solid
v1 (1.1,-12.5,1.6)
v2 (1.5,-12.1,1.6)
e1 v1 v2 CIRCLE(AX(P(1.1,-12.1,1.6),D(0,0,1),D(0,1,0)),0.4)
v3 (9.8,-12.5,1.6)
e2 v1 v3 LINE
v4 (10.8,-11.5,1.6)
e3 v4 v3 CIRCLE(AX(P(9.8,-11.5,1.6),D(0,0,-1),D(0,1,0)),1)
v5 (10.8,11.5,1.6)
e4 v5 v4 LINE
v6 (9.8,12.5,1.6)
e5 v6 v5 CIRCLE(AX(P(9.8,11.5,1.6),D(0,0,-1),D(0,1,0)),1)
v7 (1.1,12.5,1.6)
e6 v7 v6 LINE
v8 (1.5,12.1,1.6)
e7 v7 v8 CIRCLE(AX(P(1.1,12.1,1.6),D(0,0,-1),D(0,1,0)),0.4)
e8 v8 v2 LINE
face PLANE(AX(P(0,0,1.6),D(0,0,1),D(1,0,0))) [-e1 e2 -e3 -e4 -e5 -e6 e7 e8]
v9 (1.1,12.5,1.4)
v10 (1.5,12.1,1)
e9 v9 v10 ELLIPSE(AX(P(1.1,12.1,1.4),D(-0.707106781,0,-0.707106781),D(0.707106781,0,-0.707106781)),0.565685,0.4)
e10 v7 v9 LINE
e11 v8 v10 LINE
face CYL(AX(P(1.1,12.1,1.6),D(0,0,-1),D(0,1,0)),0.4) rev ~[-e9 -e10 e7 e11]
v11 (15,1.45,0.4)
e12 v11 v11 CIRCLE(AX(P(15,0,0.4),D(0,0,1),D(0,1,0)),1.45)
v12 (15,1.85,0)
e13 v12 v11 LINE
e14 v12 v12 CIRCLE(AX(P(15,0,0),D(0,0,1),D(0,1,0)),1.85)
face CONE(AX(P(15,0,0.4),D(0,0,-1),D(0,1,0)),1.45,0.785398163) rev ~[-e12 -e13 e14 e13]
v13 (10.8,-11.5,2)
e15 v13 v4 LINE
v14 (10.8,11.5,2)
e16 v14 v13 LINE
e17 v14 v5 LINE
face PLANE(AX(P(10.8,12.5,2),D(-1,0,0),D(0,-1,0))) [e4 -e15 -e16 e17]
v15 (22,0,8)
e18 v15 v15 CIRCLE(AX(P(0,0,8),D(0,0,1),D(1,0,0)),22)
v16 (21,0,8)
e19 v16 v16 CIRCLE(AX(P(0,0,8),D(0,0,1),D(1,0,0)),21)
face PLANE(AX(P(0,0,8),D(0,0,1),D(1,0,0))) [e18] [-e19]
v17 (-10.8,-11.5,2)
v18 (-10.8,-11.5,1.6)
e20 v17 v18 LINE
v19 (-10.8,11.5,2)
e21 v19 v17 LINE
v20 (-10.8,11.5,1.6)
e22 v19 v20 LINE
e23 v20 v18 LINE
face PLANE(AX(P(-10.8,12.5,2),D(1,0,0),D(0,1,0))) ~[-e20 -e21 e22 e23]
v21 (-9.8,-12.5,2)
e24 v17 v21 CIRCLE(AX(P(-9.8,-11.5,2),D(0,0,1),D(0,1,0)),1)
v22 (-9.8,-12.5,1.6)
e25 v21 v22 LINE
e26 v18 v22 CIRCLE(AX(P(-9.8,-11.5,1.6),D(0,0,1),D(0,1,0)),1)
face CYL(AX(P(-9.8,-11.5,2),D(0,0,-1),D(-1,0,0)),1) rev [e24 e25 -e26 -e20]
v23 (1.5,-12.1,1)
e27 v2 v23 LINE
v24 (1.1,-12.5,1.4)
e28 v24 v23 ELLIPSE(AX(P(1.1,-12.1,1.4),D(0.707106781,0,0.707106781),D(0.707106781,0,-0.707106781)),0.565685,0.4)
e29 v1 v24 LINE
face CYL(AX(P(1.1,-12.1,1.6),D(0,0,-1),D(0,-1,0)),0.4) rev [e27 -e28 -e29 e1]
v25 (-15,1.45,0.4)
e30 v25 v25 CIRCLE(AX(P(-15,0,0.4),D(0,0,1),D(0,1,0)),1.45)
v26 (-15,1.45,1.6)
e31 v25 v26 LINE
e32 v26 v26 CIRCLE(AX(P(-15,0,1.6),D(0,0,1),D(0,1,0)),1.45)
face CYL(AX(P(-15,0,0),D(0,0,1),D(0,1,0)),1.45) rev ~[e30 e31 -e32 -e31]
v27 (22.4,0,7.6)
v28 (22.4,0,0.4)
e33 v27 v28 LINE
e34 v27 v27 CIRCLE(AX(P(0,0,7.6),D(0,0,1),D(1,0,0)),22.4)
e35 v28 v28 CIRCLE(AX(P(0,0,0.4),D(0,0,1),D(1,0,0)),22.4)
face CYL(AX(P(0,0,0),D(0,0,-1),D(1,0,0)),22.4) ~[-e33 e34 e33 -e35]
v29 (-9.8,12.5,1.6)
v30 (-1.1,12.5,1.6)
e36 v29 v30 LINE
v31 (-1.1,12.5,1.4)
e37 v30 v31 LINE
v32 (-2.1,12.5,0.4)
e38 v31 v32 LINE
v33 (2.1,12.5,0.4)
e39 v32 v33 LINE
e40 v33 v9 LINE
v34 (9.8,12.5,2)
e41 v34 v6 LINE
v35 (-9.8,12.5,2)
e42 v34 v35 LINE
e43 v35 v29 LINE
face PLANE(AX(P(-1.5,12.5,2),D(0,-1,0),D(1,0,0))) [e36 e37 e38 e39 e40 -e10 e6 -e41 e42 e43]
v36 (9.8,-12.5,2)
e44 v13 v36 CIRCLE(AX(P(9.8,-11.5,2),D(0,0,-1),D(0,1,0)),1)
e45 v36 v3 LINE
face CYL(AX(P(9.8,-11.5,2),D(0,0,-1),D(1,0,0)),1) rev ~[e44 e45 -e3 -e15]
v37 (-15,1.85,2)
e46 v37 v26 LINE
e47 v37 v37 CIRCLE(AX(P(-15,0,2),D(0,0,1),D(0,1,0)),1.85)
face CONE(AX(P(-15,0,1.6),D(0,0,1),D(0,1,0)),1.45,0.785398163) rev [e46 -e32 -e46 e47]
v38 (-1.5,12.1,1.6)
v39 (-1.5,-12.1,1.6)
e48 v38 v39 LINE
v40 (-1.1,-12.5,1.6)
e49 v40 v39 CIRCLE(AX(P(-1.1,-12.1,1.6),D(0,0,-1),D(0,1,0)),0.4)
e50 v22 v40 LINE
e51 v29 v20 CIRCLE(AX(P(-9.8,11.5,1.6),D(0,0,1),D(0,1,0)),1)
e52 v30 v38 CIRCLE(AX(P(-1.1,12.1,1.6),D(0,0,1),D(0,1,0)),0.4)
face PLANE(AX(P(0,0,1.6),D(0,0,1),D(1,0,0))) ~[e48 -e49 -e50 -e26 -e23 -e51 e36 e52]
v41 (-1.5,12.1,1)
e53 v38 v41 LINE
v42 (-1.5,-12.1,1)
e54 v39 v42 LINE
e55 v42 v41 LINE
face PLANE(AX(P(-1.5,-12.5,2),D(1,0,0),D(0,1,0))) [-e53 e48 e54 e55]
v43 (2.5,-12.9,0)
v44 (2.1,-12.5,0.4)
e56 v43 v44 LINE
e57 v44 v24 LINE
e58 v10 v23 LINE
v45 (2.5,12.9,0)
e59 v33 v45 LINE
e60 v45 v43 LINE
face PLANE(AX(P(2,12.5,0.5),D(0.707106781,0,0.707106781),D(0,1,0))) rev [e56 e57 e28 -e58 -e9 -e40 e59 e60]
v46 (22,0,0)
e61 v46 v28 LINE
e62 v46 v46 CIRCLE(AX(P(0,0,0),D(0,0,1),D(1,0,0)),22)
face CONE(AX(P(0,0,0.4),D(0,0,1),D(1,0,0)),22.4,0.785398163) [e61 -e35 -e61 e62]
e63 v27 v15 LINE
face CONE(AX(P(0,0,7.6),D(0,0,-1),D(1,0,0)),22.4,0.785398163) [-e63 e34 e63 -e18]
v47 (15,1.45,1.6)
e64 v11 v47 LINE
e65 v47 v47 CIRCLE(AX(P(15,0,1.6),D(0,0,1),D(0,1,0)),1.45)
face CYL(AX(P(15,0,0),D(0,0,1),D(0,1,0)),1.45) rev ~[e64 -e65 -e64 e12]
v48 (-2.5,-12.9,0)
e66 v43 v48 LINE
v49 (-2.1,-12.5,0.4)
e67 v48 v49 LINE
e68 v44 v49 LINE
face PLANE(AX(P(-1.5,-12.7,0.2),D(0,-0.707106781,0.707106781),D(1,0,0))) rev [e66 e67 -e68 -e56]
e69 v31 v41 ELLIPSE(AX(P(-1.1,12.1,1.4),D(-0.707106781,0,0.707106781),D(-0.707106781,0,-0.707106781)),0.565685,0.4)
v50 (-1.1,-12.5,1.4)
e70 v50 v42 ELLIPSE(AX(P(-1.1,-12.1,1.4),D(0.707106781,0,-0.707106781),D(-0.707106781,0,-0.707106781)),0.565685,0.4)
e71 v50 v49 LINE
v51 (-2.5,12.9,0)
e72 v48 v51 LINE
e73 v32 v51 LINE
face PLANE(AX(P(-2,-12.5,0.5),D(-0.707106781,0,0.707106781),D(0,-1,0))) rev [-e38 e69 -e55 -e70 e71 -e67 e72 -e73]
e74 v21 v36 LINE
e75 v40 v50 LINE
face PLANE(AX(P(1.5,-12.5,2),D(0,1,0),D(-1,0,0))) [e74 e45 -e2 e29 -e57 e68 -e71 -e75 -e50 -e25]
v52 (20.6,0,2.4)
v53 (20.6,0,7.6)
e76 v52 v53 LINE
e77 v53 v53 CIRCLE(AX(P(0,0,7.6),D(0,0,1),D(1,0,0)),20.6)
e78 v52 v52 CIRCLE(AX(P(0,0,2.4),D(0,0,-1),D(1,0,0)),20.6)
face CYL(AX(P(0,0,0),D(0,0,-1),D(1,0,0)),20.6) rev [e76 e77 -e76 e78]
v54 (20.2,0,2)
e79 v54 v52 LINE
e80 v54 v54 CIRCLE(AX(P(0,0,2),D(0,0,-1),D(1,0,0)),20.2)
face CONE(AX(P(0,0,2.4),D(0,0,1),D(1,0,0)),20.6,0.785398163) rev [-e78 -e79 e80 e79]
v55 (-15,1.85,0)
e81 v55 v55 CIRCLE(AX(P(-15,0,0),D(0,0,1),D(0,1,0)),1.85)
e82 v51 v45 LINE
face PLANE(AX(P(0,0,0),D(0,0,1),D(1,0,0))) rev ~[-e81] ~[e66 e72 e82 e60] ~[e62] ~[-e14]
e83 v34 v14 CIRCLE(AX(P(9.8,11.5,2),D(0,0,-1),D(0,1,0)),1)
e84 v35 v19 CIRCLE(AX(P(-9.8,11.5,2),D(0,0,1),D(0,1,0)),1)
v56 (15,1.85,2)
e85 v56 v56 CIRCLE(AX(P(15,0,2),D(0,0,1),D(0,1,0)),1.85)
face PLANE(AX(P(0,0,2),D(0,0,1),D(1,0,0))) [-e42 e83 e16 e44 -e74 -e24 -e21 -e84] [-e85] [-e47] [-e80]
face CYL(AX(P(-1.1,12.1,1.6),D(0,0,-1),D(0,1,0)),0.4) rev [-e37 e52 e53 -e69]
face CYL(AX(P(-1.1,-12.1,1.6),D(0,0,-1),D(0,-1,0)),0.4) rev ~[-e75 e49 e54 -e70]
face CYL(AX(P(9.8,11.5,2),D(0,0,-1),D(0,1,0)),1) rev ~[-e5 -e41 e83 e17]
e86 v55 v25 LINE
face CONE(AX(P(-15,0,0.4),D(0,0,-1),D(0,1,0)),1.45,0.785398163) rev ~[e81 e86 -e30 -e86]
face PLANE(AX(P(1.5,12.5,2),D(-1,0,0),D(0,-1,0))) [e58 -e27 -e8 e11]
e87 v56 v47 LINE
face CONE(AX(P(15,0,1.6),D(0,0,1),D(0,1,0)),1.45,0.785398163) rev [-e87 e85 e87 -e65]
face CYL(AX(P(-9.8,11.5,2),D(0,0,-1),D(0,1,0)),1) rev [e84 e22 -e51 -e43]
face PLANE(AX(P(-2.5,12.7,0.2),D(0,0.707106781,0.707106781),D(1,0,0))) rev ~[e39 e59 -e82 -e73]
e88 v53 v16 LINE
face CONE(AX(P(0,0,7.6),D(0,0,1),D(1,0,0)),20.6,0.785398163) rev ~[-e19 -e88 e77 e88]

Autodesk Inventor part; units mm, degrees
ref_plane "YZ Plane" through (0, 0, 0) normal (1, 0, 0) x (0, 1, 0)
ref_plane "XZ Plane" through (0, 0, 0) normal (0, 1, 0) x (-1, 0, 0)
ref_plane "XY Plane" through (0, 0, 0) normal (0, 0, 1) x (1, 0, 0)
sketch "Sketch1" plane through (0, 0, 0) normal (0, 0, 1) x (1, 0, 0)
  circle A0 centre (0, 0) radius 20.6
  circle A1 centre (0, 0) radius 22.4
  dimension "d0" = 41.2
  dimension "d1" = 1.8
extrude "Extrusion1" add sketch "Sketch1" along normal blind 2 contours A0 | A1
extrude "Extrusion2" add sketch "Sketch1" along normal blind 8
sketch "Sketch2" plane through (0, 0, 2) normal (0, 0, 1) x (1, 0, 0)
  line L0 (-1.5, 12.5) -> (1.5, 12.5)
  line L1 (1.5, 12.5) -> (1.5, -12.5)
  line L2 (1.5, -12.5) -> (-1.5, -12.5)
  line L3 (-1.5, -12.5) -> (-1.5, 12.5)
  point P0 (0, 0)
  point P1 (0, 12.5)
  point P2 (1.5, 0)
  dimension "d6" = 3
  dimension "d7" = 25
extrude "Extrusion3" cut sketch "Sketch2" against normal through all
sketch "Sketch3" plane through (0, 0, 2) normal (0, 0, 1) x (1, 0, 0)
  line L0 (1.5, 12.5) -> (1.5, -12.5) projected
  line L1 (1.5, 12.5) -> (10.8, 12.5)
  line L2 (10.8, 12.5) -> (10.8, -12.5)
  line L3 (10.8, -12.5) -> (1.5, -12.5)
  line L4 (1.5, -12.5) -> (1.5, 12.5)
  point P0 (0, 0)
  dimension "d10" = 9.3
extrude "Extrusion4" cut sketch "Sketch3" against normal blind 0.4
mirror "Mirror1" about plane through (0, 0, 0) normal (1, 0, 0) of "Extrusion4"
chamfer "Chamfer1" distance 1 angle 45 2 edges at (1.5, 0, 0) (-1.5, 0, 0)
fillet "Fillet1" radius 0.4 4 edges at (-1.5, -12.5, 1.3) (1.5, -12.5, 1.3) (-1.5, 12.5, 1.3) (1.5, 12.5, 1.3)
fillet "Fillet2" radius 1 4 edges at (-10.8, 12.5, 1.8) (10.8, 12.5, 1.8) (10.8, -12.5, 1.8) (-10.8, -12.5, 1.8)
chamfer "Chamfer2" distance 0.4 angle 45 6 edges at (-22.4, 0, 8) (-20.6, 0, 8) (-20.6, 0, 2) (-22.4, 0, 0) (0, 12.5, 0) (0, -12.5, 0)
sketch "Sketch4" plane through (0, 0, 0) normal (0, 0, -1) x (-1, 0, 0)
  line L0 (15, 0) -> (-15, 0) construction
  point P0 (0, 0)
  point P1 (0, 0)
  dimension "d21" = 30
hole "Hole1" at (-15, 0, 0) at (15, 0, 0) direction (0, 0, 1) diameter 2.9 end through all
chamfer "Chamfer3" distance 0.4 angle 45 4 edges at (15, -1.45, 0) (-15, -1.45, 0) (15, -1.45, 2) (-15, -1.45, 2)
properties part number "takumar-slit" material "ABS Plastic"
